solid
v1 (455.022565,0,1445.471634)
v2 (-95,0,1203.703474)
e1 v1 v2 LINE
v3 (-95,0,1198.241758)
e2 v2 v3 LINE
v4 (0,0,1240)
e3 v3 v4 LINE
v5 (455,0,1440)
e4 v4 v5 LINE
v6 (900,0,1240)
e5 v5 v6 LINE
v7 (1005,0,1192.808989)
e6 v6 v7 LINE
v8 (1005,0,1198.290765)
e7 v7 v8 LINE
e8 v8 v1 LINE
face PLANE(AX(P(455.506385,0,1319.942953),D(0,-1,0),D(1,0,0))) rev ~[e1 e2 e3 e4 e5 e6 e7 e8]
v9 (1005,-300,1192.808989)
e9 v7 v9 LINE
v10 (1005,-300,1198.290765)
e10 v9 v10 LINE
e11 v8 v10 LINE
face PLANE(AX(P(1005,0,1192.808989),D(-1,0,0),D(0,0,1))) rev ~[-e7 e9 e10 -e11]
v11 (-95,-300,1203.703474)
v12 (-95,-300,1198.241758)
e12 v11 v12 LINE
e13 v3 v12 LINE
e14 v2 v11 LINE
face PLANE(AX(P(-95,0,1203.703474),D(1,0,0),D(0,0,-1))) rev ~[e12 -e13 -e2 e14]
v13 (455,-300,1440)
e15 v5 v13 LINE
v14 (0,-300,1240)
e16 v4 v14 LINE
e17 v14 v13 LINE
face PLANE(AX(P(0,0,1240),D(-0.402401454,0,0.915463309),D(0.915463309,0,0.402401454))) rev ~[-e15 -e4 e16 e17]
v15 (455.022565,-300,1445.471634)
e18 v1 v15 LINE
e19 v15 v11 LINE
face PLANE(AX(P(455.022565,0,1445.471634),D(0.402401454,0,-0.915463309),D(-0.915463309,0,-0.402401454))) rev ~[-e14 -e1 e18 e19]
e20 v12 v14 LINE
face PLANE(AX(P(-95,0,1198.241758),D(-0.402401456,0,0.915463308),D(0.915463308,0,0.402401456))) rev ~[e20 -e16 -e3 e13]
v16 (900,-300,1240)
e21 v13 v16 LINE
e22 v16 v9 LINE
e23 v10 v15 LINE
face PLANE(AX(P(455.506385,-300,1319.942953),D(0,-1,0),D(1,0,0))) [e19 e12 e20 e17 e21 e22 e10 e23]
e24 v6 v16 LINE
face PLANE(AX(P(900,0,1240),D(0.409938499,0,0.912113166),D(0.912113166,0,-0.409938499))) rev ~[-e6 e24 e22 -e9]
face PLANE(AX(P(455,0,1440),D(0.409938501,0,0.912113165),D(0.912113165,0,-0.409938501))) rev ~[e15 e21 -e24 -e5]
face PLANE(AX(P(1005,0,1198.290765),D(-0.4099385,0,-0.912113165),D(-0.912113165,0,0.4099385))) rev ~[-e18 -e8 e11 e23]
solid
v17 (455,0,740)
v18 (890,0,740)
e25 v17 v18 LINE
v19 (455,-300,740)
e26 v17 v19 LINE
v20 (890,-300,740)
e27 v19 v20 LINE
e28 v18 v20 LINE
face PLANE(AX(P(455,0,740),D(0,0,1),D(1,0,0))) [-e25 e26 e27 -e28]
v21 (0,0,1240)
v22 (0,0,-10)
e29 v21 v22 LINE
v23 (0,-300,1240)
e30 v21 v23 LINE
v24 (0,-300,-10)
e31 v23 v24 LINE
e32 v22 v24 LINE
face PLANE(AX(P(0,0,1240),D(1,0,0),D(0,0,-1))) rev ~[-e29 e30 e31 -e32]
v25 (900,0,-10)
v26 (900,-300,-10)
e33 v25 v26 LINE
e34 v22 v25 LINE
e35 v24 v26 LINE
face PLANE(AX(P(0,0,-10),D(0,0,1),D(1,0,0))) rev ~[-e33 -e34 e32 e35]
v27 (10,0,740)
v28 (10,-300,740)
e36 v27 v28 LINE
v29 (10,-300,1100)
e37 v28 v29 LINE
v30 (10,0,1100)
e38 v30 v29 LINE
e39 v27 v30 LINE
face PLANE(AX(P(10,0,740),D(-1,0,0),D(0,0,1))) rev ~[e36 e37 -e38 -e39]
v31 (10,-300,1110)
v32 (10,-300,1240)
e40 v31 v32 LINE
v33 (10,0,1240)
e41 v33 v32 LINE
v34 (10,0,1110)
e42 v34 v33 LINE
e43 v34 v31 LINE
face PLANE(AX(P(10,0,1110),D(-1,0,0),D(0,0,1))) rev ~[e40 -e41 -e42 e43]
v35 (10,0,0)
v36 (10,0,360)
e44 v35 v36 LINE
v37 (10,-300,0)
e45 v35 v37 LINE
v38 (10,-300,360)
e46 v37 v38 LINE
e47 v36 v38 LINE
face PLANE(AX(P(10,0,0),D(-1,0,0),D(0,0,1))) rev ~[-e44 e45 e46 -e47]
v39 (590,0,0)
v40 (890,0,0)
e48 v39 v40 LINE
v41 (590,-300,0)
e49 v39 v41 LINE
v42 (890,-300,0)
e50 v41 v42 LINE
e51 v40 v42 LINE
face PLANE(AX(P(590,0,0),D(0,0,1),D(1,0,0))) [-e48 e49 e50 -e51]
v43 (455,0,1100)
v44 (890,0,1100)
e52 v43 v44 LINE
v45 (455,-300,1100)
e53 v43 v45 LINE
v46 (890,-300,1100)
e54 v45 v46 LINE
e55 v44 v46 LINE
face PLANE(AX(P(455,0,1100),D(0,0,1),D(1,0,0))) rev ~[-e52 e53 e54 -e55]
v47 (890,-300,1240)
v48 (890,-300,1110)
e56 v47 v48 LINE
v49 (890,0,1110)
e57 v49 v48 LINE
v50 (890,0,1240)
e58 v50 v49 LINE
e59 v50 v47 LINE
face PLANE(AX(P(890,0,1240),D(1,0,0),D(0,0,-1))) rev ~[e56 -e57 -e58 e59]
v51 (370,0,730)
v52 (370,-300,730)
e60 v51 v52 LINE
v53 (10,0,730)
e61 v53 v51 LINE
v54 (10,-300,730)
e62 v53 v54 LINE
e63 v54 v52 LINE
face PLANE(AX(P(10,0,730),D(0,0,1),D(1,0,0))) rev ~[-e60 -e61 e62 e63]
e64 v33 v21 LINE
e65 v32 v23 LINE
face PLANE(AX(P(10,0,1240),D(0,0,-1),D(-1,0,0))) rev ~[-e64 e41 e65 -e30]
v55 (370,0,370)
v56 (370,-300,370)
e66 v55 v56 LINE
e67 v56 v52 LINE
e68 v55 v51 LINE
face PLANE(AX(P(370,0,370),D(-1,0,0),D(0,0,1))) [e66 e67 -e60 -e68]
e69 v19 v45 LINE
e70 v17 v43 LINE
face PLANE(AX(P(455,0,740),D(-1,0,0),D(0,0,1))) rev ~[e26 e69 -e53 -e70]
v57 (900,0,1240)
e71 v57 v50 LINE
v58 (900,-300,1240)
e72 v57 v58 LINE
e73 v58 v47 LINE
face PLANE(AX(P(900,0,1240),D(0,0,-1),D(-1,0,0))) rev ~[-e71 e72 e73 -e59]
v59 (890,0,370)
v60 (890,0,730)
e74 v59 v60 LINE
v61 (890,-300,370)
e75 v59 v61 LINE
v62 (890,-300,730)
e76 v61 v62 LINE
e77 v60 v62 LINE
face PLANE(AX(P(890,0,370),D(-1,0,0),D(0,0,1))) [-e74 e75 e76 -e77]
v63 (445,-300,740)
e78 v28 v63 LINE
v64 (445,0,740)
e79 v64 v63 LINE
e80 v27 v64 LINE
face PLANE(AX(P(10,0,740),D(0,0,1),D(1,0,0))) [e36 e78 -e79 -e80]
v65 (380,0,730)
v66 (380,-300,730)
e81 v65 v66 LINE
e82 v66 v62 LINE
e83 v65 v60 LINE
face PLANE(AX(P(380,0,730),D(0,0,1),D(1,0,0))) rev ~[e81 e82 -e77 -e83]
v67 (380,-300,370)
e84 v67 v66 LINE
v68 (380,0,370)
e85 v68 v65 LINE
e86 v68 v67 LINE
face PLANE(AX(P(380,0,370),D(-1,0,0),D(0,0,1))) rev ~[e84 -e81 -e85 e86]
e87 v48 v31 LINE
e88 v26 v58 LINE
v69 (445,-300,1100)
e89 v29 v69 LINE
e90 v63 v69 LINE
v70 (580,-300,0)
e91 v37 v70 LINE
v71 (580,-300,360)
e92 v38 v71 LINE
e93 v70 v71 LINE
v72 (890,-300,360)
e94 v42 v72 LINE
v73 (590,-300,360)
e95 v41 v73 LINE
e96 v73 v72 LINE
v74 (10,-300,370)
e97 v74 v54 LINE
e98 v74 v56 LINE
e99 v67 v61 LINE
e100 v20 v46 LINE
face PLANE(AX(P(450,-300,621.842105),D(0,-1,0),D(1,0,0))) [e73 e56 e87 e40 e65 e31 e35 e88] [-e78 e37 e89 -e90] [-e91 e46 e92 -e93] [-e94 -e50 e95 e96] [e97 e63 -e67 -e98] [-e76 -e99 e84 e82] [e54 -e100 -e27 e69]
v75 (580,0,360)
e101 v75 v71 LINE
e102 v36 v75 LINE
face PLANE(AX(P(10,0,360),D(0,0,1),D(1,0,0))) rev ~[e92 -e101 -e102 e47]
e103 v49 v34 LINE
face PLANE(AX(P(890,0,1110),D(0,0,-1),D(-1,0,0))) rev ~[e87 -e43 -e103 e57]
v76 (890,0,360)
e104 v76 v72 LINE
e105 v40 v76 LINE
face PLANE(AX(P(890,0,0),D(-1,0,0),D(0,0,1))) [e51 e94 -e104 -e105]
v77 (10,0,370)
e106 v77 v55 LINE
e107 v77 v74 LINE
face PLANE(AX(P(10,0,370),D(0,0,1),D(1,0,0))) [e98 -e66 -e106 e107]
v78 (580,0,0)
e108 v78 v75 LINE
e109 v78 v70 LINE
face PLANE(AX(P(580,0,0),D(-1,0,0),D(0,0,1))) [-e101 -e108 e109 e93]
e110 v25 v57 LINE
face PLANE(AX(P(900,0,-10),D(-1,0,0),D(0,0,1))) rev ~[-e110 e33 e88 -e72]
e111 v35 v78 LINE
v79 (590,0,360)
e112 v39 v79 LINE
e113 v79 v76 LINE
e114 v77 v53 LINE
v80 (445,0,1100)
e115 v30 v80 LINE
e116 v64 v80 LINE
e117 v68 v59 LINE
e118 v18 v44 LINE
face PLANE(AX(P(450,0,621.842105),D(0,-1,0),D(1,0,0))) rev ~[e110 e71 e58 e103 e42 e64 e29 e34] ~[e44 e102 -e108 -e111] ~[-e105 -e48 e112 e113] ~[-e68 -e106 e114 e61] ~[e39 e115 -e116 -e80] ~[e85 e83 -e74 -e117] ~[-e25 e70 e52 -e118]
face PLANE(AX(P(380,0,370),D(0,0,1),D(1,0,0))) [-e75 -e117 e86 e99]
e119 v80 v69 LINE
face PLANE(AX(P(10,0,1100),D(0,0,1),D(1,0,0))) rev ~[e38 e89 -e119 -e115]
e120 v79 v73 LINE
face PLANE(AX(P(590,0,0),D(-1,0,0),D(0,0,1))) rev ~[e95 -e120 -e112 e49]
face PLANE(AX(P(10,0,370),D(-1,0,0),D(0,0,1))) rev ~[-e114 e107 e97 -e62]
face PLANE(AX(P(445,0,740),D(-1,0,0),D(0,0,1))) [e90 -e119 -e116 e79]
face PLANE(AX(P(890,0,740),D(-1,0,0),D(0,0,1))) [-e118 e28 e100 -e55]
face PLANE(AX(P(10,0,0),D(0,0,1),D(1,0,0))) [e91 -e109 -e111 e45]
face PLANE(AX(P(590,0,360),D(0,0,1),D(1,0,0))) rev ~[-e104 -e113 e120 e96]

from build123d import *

# Parameters (mm, degrees)
F0_W     = 570
F0_H     = 360
F0_W_2   = 360
F0_W_3   = 300
F0_W_4   = 510
F0_W_5   = 435
F1_DEPTH = 300


with BuildPart() as f1:
    # F0 (on Front) → F1 (new body)
    with BuildSketch(Plane.XZ):
        Polygon((-95, 1198.241758), (0, 1240), (455, 1440), (900, 1240), (1005, 1192.808989), (1005, 1198.290765), (455.022565, 1445.471634), (-95, 1203.703474), align=None)
        Polygon((0, 1240), (0, -10), (900, -10), (900, 1240), (890, 1240), (890, 1110), (10, 1110), (10, 1240), align=None)
        with Locations((295, 180)):
            Rectangle(F0_W, F0_H, mode=Mode.SUBTRACT)
        with Locations((190, 550)):
            Rectangle(F0_W_2, F0_H, mode=Mode.SUBTRACT)
        with Locations((740, 180)):
            Rectangle(F0_W_3, F0_H, mode=Mode.SUBTRACT)
        with Locations((635, 550)):
            Rectangle(F0_W_4, F0_H, mode=Mode.SUBTRACT)
        with Locations((227.5, 920)):
            Rectangle(F0_W_5, F0_H, mode=Mode.SUBTRACT)
        with Locations((672.5, 920)):
            Rectangle(F0_W_5, F0_H, mode=Mode.SUBTRACT)
    extrude(amount=F1_DEPTH)


solid = f1.part
